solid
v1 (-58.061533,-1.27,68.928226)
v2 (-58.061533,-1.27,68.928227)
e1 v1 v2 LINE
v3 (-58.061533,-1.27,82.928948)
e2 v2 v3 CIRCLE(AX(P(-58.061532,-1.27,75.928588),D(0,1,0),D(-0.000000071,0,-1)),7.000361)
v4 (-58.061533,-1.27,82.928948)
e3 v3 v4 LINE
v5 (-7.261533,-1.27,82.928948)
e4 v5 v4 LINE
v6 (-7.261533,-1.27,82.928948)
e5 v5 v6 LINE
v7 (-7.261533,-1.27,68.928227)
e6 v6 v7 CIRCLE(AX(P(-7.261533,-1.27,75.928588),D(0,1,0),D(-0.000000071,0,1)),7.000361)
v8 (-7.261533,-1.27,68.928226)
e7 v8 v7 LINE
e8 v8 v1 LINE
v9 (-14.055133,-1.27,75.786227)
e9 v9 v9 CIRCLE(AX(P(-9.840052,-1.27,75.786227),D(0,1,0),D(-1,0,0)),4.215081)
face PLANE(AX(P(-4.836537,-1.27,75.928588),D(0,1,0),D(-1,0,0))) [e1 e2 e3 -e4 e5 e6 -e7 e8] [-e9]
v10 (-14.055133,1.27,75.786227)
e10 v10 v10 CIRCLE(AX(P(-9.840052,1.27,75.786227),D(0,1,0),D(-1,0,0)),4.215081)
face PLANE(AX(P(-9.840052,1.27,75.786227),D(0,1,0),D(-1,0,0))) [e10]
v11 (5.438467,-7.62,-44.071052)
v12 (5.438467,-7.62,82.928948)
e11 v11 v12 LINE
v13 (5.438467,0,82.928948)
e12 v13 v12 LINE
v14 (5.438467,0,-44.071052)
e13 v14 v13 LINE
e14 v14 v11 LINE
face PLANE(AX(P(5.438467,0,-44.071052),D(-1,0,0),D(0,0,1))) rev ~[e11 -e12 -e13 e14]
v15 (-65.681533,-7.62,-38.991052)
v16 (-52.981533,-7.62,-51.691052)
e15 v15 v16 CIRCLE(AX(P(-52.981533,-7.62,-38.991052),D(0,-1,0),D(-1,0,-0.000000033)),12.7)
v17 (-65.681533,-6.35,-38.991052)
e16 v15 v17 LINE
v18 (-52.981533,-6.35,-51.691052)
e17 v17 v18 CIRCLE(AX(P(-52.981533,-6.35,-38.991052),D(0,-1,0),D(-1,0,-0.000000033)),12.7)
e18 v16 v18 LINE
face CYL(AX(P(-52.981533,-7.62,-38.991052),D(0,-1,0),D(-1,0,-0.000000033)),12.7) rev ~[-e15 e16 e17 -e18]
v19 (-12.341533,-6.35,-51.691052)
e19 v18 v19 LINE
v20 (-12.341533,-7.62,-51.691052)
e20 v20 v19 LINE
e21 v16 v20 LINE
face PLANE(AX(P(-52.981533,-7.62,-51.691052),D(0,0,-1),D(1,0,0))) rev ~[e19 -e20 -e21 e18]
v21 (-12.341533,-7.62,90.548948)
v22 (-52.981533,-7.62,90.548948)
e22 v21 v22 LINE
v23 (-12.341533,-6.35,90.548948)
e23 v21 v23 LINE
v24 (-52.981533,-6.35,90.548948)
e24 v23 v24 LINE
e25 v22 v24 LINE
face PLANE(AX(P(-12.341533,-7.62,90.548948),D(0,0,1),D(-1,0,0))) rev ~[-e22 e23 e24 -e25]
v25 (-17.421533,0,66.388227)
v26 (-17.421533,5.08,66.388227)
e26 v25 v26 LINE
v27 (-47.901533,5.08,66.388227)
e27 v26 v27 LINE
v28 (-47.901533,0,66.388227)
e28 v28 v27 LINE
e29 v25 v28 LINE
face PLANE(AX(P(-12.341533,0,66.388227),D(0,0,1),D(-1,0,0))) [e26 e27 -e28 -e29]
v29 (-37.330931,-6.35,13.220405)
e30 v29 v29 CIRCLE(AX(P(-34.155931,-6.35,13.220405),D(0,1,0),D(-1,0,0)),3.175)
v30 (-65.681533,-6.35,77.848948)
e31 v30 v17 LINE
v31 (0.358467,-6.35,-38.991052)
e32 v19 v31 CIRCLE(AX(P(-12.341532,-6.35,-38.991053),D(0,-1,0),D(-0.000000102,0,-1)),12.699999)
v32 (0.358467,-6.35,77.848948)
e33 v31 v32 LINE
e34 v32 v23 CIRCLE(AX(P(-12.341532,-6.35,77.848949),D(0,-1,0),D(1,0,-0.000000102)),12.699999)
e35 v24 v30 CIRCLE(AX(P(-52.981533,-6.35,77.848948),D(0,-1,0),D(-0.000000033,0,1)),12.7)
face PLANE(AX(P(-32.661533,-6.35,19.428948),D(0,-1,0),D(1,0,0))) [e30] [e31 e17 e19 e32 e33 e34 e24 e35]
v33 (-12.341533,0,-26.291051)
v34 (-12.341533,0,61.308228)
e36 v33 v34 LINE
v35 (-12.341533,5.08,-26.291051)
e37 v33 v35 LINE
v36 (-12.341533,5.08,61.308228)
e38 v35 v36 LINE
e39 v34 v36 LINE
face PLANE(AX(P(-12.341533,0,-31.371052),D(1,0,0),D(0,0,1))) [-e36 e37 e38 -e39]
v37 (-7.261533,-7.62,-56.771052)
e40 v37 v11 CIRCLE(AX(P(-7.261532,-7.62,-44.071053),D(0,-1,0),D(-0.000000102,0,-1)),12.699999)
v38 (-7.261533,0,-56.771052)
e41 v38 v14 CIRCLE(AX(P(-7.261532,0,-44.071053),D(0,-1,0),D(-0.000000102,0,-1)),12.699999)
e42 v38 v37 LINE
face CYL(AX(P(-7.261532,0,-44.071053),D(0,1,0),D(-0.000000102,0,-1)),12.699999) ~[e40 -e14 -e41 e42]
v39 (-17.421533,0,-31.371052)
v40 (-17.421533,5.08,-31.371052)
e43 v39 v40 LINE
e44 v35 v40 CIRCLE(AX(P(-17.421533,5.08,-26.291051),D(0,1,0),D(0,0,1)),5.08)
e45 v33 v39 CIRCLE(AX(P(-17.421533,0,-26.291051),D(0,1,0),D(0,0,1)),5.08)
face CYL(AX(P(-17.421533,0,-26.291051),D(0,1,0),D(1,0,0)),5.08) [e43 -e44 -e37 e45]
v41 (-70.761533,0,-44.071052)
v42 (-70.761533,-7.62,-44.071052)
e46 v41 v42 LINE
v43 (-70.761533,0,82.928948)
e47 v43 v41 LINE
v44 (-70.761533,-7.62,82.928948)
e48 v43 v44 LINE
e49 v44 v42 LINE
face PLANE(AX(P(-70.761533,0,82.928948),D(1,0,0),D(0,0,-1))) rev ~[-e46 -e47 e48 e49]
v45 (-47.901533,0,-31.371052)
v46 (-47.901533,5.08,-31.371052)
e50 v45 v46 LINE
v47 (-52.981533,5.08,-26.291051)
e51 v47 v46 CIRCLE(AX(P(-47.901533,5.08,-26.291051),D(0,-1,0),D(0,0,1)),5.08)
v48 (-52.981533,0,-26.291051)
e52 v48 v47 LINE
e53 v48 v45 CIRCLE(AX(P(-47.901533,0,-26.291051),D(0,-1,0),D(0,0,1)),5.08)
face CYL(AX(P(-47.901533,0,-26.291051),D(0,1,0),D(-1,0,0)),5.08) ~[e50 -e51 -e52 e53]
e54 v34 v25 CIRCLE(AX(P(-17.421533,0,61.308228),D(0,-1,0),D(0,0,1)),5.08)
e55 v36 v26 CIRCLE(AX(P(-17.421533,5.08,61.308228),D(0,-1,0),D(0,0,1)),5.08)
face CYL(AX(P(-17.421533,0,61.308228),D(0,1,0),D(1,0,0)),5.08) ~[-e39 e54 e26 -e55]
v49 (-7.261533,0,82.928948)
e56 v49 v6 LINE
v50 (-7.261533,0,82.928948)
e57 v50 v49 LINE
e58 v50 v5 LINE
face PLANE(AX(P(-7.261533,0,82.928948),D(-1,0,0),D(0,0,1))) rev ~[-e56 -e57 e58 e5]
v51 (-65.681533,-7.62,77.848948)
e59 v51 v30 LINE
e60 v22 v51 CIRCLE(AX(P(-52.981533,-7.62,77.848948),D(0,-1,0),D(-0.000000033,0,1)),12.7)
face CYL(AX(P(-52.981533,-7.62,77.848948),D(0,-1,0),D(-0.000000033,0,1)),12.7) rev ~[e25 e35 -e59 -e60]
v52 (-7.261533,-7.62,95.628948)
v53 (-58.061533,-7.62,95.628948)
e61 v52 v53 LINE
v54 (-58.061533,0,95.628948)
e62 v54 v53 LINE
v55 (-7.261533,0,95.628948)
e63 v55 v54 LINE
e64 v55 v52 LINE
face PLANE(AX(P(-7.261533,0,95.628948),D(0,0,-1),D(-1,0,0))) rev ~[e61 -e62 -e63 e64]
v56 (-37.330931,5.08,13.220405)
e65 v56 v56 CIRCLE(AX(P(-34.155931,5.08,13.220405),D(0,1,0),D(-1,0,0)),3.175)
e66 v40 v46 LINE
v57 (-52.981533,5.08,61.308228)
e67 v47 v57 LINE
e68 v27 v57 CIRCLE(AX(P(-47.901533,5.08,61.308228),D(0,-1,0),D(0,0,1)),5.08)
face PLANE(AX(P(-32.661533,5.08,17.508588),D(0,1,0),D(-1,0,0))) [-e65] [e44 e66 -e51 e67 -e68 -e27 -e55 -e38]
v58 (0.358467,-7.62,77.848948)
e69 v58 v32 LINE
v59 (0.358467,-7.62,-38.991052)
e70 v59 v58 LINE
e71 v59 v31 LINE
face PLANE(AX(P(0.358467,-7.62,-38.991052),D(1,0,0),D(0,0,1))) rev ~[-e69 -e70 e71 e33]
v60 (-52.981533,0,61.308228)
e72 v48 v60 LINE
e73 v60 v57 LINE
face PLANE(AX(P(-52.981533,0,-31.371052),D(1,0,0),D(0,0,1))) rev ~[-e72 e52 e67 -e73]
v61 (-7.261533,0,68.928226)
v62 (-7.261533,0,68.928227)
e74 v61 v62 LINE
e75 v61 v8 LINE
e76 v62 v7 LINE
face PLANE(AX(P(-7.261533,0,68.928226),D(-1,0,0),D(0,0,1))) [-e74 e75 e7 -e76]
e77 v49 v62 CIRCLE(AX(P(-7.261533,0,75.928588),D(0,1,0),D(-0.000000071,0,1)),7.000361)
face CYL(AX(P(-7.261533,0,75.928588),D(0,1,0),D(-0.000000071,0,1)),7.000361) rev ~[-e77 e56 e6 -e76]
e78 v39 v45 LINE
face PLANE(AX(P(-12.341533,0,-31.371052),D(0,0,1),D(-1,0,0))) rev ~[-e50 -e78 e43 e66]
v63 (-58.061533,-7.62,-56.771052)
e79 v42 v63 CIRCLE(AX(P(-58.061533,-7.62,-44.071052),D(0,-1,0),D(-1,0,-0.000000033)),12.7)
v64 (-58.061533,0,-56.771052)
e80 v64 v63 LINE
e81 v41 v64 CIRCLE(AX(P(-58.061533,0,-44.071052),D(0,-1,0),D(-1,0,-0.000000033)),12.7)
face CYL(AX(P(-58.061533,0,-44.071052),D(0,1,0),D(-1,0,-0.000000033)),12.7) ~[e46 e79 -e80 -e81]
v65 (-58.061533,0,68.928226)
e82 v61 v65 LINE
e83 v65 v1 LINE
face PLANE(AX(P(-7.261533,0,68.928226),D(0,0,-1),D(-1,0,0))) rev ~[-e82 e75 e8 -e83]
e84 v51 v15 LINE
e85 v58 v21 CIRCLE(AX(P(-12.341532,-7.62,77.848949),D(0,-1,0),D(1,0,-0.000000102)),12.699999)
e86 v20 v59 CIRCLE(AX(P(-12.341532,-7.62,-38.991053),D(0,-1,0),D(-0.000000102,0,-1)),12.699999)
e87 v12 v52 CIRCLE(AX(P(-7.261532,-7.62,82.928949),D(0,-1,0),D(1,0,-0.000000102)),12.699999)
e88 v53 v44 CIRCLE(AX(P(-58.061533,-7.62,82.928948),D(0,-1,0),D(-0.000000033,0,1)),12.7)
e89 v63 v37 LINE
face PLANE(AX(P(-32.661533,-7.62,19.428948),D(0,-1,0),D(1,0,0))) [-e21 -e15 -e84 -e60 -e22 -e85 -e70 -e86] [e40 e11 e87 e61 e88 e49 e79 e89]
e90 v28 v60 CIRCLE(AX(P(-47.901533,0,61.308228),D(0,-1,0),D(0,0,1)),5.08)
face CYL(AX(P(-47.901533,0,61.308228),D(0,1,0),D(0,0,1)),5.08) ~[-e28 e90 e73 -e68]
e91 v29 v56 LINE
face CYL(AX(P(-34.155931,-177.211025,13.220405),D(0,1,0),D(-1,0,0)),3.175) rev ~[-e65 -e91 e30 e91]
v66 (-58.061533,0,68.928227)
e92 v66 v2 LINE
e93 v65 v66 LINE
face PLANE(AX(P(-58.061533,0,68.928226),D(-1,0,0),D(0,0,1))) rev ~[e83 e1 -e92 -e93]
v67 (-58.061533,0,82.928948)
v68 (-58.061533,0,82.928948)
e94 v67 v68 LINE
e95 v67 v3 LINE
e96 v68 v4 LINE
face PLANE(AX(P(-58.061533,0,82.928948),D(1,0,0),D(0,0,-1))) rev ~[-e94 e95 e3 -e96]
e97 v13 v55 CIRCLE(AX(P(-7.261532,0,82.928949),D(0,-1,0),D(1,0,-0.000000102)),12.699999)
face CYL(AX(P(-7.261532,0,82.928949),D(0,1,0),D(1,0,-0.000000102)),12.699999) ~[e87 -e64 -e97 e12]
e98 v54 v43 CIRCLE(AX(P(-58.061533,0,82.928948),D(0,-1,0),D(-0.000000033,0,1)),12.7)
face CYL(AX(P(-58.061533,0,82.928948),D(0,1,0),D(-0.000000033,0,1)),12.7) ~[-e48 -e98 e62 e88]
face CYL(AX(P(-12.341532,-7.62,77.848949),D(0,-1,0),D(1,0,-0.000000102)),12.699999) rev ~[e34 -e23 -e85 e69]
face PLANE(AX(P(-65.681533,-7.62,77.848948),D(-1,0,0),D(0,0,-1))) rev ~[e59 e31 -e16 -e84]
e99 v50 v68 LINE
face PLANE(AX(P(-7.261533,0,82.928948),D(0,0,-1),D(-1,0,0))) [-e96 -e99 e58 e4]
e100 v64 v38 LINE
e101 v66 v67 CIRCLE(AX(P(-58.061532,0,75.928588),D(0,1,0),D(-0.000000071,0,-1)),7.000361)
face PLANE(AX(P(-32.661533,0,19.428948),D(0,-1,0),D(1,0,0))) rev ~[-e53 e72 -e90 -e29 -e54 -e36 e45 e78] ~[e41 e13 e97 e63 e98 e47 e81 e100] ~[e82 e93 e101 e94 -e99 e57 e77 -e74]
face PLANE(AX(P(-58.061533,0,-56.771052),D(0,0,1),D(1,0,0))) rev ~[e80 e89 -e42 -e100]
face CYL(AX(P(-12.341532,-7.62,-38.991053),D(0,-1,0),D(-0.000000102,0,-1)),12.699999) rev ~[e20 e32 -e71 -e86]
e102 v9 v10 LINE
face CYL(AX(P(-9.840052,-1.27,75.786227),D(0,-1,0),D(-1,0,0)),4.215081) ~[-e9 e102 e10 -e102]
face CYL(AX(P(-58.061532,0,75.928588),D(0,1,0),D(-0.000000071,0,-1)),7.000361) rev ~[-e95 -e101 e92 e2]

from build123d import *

# Parameters (mm, degrees)
F1_DEPTH  = 7.62
F2_W      = 50.8
F2_H      = 14.000721
F3_DEPTH  = 1.27
F4_R      = 4.215081
F5_DEPTH  = 2.54
F6_W      = 40.64
F6_H      = 97.759279
F7_DEPTH  = 5.08
F8_R      = 5.08
F10_DEPTH = 1.27
F12_D     = 6.35


with BuildPart() as f1:
    # F0 (on Front) → F1 (new body)
    with BuildSketch(Plane.XZ):
        with BuildLine():
            Line((-7.261533, 95.628948), (-58.061533, 95.628948))
            ThreePointArc((-58.061533, 95.628948), (-67.041789, 91.909204), (-70.761533, 82.928948))
            Line((-70.761533, 82.928948), (-70.761533, -44.071052))
            ThreePointArc((-70.761533, -44.071052), (-67.041789, -53.051308), (-58.061533, -56.771052))
            Line((-58.061533, -56.771052), (-7.261533, -56.771052))
            ThreePointArc((-7.261533, -56.771052), (1.718724, -53.051308), (5.438467, -44.071052))
            Line((5.438467, -44.071052), (5.438467, 82.928948))
            ThreePointArc((5.438467, 82.928948), (1.718724, 91.909204), (-7.261533, 95.628948))
        make_face()
    extrude(amount=F1_DEPTH)

    # F2 (on face) → F3 (cut)
    with BuildSketch(Plane(origin=(0, 0, 0), x_dir=(-1, 0, 0), z_dir=(0, 1, 0))):
        with BuildLine():
            Line((7.261533, 68.928227), (7.261533, 82.928948))
            ThreePointArc((7.261533, 82.928948), (0.261172, 75.928588), (7.261533, 68.928227))
        make_face()
        with Locations((32.661533, 75.928587)):
            Rectangle(F2_W, F2_H)
        with BuildLine():
            ThreePointArc((58.061533, 68.928227), (65.061893, 75.928588), (58.061533, 82.928948))
            Line((58.061533, 82.928948), (58.061533, 68.928227))
        make_face()
    extrude(amount=-F3_DEPTH, mode=Mode.SUBTRACT)

    # F4 (on face) → F5 (join)
    with BuildSketch(Plane(origin=(0, -1.27, 0), x_dir=(-1, 0, 0), z_dir=(0, 1, 0))):
        with Locations((9.840052, 75.786227)):
            Circle(F4_R)
    extrude(amount=F5_DEPTH)

    # F6 (on face) → F7 (join)
    with BuildSketch(Plane(origin=(0, 0, 0), x_dir=(-1, 0, 0), z_dir=(0, 1, 0))):
        with Locations((32.661533, 17.508588)):
            Rectangle(F6_W, F6_H)
    extrude(amount=F7_DEPTH)

    # F8
    f8_edges = [f1.edges().sort_by_distance(p)[0] for p in [
        (-12.341533, 2.54, 66.388227),
        (-52.981533, 2.54, 66.388227),
        (-52.981533, 2.54, -31.371052),
        (-12.341533, 2.54, -31.371052),
    ]]
    fillet(f8_edges, radius=F8_R)

    # F9 (on face) → F10 (cut)
    with BuildSketch(Plane.XZ.offset(7.62)):
        with BuildLine():
            Line((-12.341533, 90.548948), (-52.981533, 90.548948))
            ThreePointArc((-52.981533, 90.548948), (-61.961789, 86.829204), (-65.681533, 77.848948))
            Line((-65.681533, 77.848948), (-65.681533, -38.991052))
            ThreePointArc((-65.681533, -38.991052), (-61.961789, -47.971308), (-52.981533, -51.691052))
            Line((-52.981533, -51.691052), (-12.341533, -51.691052))
            ThreePointArc((-12.341533, -51.691052), (-3.361276, -47.971308), (0.358467, -38.991052))
            Line((0.358467, -38.991052), (0.358467, 77.848948))
            ThreePointArc((0.358467, 77.848948), (-3.361276, 86.829204), (-12.341533, 90.548948))
        make_face()
    extrude(amount=-F10_DEPTH, mode=Mode.SUBTRACT)

    # F12 (through all)
    with Locations(Plane.XZ.offset(6.35)):
        with Locations((-34.155931, 13.220405)):
            Hole(F12_D / 2)


solid = f1.part
